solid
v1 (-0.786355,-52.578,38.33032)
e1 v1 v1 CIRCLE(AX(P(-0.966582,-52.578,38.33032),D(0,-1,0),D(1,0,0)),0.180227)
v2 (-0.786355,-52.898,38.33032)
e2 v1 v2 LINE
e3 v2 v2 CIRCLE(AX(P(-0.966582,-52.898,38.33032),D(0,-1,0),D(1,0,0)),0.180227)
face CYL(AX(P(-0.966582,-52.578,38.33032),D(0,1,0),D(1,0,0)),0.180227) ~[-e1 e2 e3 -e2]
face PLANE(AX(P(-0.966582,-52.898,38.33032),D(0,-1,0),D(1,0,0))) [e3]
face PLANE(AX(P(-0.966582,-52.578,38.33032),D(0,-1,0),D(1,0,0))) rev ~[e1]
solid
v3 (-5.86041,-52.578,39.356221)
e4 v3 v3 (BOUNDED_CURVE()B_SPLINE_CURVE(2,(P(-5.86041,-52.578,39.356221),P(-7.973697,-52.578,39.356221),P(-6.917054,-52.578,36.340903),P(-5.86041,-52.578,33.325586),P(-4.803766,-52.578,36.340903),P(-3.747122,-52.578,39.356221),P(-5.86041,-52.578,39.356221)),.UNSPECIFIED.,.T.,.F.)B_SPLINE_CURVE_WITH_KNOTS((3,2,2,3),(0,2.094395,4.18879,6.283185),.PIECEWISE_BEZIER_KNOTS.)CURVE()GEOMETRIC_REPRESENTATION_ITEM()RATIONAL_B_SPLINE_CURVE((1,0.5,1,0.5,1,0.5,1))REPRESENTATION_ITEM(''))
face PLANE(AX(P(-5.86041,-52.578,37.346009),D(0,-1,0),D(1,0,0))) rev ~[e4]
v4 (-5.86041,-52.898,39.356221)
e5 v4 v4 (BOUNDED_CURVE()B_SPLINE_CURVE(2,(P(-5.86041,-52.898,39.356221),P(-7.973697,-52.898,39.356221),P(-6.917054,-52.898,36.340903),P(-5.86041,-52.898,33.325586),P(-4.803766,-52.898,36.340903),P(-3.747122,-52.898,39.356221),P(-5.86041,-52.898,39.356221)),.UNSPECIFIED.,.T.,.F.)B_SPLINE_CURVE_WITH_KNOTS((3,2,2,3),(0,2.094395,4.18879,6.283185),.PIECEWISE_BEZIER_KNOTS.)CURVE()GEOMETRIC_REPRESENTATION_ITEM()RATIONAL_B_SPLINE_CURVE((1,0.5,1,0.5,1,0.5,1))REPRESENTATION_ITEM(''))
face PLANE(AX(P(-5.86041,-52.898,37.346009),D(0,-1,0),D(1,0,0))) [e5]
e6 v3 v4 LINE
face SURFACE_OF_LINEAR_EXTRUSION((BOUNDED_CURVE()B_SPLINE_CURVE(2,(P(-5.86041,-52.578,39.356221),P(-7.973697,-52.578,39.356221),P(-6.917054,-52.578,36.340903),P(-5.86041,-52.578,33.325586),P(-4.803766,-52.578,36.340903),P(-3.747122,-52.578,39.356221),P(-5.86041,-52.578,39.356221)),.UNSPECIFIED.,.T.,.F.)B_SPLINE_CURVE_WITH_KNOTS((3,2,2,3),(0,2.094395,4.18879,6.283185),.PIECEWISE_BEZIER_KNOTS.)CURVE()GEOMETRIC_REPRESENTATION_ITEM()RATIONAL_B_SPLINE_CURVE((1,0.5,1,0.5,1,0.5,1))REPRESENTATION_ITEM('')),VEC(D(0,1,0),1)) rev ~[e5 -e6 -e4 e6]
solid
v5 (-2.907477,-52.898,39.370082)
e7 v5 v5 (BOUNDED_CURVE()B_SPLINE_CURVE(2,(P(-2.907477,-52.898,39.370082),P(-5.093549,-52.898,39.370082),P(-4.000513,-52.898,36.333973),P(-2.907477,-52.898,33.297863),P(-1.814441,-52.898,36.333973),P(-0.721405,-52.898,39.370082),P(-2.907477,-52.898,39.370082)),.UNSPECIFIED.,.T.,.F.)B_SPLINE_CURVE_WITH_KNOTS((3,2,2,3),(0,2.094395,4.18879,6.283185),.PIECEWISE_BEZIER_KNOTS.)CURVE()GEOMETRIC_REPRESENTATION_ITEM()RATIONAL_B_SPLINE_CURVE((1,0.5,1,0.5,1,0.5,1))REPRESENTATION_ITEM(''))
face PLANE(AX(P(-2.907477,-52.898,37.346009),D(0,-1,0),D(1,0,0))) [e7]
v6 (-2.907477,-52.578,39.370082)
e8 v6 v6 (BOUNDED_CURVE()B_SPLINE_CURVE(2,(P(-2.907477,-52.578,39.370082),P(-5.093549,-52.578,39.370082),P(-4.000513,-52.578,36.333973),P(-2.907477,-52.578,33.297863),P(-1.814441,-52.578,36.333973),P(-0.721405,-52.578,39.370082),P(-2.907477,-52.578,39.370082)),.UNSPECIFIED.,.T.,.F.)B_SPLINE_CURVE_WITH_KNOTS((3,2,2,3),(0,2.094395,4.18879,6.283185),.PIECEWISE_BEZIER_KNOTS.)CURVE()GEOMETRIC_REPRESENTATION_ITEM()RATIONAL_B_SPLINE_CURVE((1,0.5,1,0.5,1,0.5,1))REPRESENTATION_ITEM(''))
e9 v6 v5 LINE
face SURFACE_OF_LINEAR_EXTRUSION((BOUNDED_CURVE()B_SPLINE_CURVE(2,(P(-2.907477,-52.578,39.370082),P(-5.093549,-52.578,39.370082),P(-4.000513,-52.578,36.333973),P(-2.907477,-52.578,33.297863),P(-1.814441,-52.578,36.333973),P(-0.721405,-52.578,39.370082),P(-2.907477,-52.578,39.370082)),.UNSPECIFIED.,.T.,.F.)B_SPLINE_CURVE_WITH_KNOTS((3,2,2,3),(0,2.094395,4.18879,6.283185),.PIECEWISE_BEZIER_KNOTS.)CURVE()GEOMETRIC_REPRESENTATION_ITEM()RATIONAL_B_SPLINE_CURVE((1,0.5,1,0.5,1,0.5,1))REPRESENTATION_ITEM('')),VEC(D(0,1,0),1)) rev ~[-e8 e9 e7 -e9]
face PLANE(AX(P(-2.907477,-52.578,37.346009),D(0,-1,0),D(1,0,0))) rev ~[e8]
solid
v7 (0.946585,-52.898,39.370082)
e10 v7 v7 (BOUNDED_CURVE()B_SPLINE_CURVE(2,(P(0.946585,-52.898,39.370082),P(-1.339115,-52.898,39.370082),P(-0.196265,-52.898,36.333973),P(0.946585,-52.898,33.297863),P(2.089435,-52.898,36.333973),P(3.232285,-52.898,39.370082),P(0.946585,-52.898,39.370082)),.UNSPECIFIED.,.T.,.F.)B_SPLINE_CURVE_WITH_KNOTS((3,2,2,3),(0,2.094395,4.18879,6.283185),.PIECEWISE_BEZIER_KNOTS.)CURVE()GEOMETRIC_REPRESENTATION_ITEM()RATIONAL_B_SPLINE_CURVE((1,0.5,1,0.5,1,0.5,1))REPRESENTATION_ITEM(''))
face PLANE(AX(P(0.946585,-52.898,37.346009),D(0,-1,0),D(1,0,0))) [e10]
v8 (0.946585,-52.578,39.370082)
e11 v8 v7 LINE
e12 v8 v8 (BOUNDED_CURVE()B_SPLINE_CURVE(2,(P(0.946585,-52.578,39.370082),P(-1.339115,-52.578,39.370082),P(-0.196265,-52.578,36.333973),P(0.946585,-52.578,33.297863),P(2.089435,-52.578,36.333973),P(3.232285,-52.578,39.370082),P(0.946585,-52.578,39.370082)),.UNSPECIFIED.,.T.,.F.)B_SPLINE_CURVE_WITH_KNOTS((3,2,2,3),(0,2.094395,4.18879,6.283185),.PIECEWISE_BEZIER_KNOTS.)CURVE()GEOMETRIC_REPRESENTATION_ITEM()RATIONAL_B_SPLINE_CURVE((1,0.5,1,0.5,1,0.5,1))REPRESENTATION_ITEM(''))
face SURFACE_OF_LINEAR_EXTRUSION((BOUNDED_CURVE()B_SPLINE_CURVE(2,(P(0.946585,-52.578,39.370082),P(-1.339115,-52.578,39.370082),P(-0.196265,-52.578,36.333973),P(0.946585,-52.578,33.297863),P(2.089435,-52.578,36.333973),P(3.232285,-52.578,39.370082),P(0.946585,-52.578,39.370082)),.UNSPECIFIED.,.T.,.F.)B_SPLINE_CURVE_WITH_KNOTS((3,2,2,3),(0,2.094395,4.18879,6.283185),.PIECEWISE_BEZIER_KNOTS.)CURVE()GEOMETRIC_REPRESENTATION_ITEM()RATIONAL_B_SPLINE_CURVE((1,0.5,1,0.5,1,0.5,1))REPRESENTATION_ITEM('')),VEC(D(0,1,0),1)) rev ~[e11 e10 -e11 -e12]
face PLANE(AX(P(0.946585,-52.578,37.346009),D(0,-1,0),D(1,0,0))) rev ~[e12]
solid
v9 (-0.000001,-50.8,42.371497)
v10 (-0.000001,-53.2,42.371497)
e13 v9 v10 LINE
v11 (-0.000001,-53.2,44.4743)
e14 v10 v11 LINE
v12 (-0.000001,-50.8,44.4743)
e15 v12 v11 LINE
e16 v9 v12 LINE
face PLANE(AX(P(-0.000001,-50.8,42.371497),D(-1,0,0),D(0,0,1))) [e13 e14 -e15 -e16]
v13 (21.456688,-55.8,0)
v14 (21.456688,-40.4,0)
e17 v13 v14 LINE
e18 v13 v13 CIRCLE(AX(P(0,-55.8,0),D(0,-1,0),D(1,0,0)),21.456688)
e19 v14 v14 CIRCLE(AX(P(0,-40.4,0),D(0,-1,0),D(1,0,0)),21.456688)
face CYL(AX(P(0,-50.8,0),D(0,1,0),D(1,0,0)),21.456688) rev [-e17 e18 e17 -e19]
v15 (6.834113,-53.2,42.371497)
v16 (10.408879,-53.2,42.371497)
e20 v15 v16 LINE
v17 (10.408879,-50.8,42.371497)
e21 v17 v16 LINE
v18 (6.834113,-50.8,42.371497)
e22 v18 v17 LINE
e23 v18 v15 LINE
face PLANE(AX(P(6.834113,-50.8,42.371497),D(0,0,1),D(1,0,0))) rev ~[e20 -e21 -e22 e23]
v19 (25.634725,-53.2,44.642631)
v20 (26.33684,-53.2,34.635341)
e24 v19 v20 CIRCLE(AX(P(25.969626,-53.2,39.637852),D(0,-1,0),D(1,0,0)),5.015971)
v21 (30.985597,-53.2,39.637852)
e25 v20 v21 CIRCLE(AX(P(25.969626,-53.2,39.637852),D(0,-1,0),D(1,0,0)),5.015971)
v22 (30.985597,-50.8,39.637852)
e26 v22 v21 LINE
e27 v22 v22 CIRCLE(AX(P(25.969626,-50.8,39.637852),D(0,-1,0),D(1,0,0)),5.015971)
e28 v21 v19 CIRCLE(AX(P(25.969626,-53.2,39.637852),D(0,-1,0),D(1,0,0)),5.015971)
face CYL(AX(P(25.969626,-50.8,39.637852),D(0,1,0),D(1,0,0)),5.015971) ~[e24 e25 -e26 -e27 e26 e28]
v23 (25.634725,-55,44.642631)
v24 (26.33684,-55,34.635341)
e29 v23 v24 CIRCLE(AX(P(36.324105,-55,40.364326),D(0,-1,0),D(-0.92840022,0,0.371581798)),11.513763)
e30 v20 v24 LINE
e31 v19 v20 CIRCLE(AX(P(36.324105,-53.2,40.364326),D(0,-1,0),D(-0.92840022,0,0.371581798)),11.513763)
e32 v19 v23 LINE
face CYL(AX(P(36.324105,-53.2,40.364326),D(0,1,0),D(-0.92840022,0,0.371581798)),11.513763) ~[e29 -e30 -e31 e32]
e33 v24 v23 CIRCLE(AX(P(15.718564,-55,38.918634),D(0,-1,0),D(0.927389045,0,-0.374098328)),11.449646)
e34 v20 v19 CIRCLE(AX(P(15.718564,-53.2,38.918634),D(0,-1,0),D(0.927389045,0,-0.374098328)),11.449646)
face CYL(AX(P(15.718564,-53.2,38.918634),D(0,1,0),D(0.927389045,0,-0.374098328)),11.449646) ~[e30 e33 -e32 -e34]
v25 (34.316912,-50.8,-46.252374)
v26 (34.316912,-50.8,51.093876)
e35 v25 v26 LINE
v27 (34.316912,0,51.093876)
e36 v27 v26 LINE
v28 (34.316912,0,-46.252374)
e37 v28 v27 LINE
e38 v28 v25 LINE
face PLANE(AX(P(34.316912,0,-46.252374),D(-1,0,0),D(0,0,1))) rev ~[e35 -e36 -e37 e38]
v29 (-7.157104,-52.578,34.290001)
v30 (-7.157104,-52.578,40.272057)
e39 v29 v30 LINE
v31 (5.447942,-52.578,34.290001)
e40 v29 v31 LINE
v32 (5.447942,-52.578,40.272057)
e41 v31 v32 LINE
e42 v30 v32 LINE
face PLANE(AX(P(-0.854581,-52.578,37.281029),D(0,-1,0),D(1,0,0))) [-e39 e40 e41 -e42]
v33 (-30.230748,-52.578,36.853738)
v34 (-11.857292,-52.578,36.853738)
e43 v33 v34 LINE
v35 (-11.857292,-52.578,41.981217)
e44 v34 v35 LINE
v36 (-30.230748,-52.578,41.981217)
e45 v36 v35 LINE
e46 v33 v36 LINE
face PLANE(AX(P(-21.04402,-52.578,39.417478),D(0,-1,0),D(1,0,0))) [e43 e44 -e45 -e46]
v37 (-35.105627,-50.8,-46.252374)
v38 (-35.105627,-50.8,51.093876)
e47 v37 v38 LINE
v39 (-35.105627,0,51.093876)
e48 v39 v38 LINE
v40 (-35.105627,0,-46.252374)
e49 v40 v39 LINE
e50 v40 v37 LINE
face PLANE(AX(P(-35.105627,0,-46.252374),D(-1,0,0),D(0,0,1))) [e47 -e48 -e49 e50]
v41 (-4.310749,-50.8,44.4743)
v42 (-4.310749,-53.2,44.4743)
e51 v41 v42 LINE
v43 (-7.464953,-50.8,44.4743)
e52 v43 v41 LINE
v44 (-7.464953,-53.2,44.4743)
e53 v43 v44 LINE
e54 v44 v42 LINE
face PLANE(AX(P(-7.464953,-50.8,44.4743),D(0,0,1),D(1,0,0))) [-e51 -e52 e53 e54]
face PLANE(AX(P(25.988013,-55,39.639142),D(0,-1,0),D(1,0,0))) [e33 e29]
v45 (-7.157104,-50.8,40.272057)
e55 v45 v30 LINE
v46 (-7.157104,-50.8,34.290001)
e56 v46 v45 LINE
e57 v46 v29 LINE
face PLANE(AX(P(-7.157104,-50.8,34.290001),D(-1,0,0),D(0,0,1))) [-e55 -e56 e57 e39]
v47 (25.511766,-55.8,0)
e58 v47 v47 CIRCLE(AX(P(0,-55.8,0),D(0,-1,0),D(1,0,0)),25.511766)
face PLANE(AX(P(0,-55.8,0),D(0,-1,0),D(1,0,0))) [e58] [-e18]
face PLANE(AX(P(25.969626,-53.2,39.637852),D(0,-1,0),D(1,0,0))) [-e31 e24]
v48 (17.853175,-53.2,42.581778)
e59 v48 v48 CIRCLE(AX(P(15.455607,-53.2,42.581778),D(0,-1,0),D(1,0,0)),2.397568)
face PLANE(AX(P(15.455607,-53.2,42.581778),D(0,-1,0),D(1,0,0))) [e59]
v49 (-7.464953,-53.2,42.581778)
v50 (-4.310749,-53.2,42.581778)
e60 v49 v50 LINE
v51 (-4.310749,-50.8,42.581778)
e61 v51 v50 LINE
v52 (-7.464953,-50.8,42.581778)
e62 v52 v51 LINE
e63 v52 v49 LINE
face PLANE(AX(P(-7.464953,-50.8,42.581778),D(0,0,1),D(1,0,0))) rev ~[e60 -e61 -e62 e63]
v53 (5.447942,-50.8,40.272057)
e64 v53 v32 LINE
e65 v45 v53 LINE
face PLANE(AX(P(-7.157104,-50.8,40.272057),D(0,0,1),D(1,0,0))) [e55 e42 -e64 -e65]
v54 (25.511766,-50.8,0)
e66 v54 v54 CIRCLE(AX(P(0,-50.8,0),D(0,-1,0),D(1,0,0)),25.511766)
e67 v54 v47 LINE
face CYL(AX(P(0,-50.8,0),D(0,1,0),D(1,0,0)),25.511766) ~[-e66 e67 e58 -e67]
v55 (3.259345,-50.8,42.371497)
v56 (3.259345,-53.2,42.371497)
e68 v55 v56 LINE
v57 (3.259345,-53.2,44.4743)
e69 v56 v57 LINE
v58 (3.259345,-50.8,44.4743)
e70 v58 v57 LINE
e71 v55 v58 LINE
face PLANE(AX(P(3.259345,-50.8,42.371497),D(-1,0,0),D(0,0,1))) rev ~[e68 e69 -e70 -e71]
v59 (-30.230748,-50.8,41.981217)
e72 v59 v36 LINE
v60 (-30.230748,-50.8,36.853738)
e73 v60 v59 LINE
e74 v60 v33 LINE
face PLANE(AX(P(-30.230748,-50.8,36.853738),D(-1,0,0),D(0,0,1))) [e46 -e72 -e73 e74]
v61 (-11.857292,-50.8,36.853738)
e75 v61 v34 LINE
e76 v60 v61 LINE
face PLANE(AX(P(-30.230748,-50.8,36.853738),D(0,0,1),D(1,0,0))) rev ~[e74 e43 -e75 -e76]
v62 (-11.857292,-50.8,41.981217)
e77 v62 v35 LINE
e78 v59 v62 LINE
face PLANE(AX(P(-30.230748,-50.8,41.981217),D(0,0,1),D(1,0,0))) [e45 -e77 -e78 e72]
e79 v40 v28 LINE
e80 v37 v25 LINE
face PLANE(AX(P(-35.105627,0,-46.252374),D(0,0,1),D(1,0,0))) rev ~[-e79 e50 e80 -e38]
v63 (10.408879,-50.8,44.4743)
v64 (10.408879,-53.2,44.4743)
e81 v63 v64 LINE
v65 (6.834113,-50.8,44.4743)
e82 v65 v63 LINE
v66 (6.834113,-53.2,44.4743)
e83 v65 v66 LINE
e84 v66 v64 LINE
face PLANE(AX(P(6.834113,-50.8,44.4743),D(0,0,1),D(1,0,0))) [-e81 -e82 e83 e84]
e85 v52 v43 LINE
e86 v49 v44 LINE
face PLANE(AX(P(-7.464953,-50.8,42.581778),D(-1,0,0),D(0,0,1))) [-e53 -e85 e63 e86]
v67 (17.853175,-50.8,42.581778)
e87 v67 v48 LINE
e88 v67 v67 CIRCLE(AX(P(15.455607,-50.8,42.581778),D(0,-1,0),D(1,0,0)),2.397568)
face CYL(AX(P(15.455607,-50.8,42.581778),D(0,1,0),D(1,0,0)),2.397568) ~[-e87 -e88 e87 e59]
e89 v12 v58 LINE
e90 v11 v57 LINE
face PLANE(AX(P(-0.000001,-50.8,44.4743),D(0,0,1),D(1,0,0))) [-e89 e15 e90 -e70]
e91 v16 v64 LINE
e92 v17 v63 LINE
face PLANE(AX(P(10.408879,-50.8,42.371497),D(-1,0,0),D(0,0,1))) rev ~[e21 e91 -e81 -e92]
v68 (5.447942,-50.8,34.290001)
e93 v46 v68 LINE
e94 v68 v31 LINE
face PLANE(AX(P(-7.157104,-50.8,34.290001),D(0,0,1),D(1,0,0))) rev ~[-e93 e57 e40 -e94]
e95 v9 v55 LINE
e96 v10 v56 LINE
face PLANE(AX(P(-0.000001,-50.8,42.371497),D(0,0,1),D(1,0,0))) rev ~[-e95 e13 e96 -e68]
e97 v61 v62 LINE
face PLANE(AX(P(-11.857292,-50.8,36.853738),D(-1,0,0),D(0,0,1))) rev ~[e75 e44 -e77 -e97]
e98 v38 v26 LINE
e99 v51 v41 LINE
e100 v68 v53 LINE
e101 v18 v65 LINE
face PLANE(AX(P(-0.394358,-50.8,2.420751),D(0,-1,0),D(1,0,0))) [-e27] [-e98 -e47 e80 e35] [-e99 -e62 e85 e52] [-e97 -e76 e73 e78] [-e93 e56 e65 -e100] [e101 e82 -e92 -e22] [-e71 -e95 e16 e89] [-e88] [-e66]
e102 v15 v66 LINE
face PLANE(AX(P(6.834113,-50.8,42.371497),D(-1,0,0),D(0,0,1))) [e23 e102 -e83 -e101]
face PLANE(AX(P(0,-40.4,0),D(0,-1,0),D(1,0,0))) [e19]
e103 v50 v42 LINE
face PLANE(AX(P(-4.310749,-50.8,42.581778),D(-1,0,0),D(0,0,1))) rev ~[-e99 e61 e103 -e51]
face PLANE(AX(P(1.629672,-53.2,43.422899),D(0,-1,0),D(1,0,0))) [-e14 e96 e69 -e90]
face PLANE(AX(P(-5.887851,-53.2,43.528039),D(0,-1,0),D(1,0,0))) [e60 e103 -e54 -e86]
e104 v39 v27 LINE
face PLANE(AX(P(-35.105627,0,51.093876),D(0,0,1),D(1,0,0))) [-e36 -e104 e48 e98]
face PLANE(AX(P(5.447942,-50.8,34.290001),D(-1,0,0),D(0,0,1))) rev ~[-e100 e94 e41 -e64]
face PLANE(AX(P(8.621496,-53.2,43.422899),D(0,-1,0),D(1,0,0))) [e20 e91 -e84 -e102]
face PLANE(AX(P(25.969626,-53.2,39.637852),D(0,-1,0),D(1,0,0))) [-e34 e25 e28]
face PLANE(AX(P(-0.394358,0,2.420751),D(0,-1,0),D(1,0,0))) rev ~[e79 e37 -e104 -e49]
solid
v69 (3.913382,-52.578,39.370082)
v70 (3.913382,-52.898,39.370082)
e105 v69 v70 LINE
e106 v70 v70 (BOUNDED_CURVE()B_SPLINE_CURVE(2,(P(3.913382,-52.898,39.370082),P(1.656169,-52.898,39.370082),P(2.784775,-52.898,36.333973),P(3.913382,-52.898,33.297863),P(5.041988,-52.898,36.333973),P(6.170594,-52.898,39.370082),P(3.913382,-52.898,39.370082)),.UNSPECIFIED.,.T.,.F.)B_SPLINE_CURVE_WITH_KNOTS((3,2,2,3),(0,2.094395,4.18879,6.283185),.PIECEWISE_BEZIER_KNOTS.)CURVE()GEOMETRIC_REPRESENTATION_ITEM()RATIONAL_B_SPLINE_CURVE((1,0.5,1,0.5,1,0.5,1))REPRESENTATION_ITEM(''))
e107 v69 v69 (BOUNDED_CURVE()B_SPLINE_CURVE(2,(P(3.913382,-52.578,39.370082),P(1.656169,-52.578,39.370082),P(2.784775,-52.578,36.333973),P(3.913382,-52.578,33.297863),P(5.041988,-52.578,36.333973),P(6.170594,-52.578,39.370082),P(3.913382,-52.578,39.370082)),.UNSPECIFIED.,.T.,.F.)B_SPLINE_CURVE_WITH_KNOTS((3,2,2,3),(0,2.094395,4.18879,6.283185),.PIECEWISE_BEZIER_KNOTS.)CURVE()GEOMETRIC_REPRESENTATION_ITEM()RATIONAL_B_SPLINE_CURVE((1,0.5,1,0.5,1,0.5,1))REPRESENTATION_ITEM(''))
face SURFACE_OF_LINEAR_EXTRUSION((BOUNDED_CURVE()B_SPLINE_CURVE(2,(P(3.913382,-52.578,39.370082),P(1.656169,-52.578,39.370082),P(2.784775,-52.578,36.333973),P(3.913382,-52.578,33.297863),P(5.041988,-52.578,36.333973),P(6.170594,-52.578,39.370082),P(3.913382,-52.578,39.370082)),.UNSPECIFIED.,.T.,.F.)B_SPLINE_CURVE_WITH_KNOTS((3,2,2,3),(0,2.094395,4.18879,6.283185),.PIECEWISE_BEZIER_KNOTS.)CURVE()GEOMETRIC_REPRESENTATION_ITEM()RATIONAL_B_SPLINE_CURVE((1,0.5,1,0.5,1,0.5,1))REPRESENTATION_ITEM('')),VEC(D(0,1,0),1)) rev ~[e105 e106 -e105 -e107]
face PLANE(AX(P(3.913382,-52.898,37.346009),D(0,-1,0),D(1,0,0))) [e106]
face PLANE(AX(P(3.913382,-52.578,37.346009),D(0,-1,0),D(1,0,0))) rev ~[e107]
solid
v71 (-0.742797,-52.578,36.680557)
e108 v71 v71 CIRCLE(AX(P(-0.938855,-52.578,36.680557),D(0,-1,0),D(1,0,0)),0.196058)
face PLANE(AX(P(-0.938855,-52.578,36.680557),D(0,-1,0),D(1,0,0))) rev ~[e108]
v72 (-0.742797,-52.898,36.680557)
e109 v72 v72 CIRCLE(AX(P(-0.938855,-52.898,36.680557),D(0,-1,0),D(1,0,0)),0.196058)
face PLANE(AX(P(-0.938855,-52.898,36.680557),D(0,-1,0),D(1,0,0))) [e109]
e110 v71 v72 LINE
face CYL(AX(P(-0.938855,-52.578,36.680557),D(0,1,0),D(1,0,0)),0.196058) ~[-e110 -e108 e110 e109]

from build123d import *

# Parameters (mm, degrees)
F0_W      = 69.422539
F0_H      = 97.34625
F1_DEPTH  = 50.8
F2_W      = 18.373456
F2_H      = 5.127479
F2_W_2    = 12.605046
F2_H_2    = 5.982056
F3_DEPTH  = 1.778
F4_R      = 25.511766
F4_R_2    = 21.456688
F5_DEPTH  = 5
F6_W      = 3.154204
F6_H      = 1.892522
F6_W_2    = 3.259345
F6_H_2    = 2.102803
F6_W_3    = 3.574766
F6_R      = 2.397568
F6_R_2    = 5.015971
F7_DEPTH  = 2.4
F9_DEPTH  = 1.8
F5_FACE_R = 21.456688
F10_DEPTH = 10.4
F11_R     = 0.180227
F11_R_2   = 0.196058
F12_DEPTH = 0.32


with BuildPart() as f1:
    # F0 (on Front) → F1 (new body)
    with BuildSketch(Plane.XZ):
        with Locations((-0.394358, 2.420751)):
            Rectangle(F0_W, F0_H)
    extrude(amount=F1_DEPTH)

    # F2 (on face) → F3 (join)
    with BuildSketch(Plane.XZ.offset(50.8)):
        with Locations((-21.04402, 39.417478)):
            Rectangle(F2_W, F2_H)
        with Locations((-0.854581, 37.281029)):
            Rectangle(F2_W_2, F2_H_2)
    extrude(amount=F3_DEPTH)

    # F4 (on face) → F5 (join)
    with BuildSketch(Plane.XZ.offset(50.8)):
        Circle(F4_R)
        Circle(F4_R_2, mode=Mode.SUBTRACT)
    extrude(amount=F5_DEPTH)

    # F6 (on face) → F7 (join)
    with BuildSketch(Plane.XZ.offset(50.8)):
        with Locations((-5.887851, 43.528039)):
            Rectangle(F6_W, F6_H)
        with Locations((1.629672, 43.422899)):
            Rectangle(F6_W_2, F6_H_2)
        with Locations((8.621496, 43.422899)):
            Rectangle(F6_W_3, F6_H_2)
        with Locations((15.455607, 42.581778)):
            Circle(F6_R)
        with Locations((25.969626, 39.637852)):
            Circle(F6_R_2)
    extrude(amount=F7_DEPTH)

    # F8 (on face) → F9 (join)
    with BuildSketch(Plane.XZ.offset(53.2)):
        with BuildLine():
            ThreePointArc((25.634725, 44.642631), (24.838576, 39.558498), (26.33684, 34.635341))
            ThreePointArc((26.33684, 34.635341), (27.140133, 39.719976), (25.634725, 44.642631))
        make_face()
    extrude(amount=F9_DEPTH)

    # F5_face (on face) → F10 (cut)
    with BuildSketch(Plane.XZ.offset(50.8)):
        Circle(F5_FACE_R)
    extrude(amount=-F10_DEPTH, mode=Mode.SUBTRACT)


with BuildPart() as f12:
    # F11 (on face) → F12 (new body)
    with BuildSketch(Plane.XZ.offset(52.578)):
        with Locations((-0.966582, 38.33032)):
            Circle(F11_R)
        with Locations((-0.938855, 36.680557)):
            Circle(F11_R_2)
        with BuildLine():
            add(Edge.make_bspline(
                [(-5.86041, 39.356221), (-7.973697, 39.356221), (-6.917054, 36.340903), (-5.86041, 33.325586), (-4.803766, 36.340903), (-3.747122, 39.356221), (-5.86041, 39.356221)],
                knots=[0, 0, 0, 2.094395, 2.094395, 4.18879, 4.18879, 6.283185, 6.283185, 6.283185], degree=2, weights=[1, 0.5, 1, 0.5, 1, 0.5, 1]))
        make_face()
        with BuildLine():
            add(Edge.make_bspline(
                [(-2.907477, 39.370082), (-5.093549, 39.370082), (-4.000513, 36.333973), (-2.907477, 33.297863), (-1.814441, 36.333973), (-0.721405, 39.370082), (-2.907477, 39.370082)],
                knots=[0, 0, 0, 2.094395, 2.094395, 4.18879, 4.18879, 6.283185, 6.283185, 6.283185], degree=2, weights=[1, 0.5, 1, 0.5, 1, 0.5, 1]))
        make_face()
        with BuildLine():
            add(Edge.make_bspline(
                [(0.946585, 39.370082), (-1.339115, 39.370082), (-0.196265, 36.333973), (0.946585, 33.297863), (2.089435, 36.333973), (3.232285, 39.370082), (0.946585, 39.370082)],
                knots=[0, 0, 0, 2.094395, 2.094395, 4.18879, 4.18879, 6.283185, 6.283185, 6.283185], degree=2, weights=[1, 0.5, 1, 0.5, 1, 0.5, 1]))
        make_face()
        with BuildLine():
            add(Edge.make_bspline(
                [(3.913382, 39.370082), (1.656169, 39.370082), (2.784775, 36.333973), (3.913382, 33.297863), (5.041988, 36.333973), (6.170594, 39.370082), (3.913382, 39.370082)],
                knots=[0, 0, 0, 2.094395, 2.094395, 4.18879, 4.18879, 6.283185, 6.283185, 6.283185], degree=2, weights=[1, 0.5, 1, 0.5, 1, 0.5, 1]))
        make_face()
    extrude(amount=F12_DEPTH)


solid = Compound([f1.part, f12.part])
